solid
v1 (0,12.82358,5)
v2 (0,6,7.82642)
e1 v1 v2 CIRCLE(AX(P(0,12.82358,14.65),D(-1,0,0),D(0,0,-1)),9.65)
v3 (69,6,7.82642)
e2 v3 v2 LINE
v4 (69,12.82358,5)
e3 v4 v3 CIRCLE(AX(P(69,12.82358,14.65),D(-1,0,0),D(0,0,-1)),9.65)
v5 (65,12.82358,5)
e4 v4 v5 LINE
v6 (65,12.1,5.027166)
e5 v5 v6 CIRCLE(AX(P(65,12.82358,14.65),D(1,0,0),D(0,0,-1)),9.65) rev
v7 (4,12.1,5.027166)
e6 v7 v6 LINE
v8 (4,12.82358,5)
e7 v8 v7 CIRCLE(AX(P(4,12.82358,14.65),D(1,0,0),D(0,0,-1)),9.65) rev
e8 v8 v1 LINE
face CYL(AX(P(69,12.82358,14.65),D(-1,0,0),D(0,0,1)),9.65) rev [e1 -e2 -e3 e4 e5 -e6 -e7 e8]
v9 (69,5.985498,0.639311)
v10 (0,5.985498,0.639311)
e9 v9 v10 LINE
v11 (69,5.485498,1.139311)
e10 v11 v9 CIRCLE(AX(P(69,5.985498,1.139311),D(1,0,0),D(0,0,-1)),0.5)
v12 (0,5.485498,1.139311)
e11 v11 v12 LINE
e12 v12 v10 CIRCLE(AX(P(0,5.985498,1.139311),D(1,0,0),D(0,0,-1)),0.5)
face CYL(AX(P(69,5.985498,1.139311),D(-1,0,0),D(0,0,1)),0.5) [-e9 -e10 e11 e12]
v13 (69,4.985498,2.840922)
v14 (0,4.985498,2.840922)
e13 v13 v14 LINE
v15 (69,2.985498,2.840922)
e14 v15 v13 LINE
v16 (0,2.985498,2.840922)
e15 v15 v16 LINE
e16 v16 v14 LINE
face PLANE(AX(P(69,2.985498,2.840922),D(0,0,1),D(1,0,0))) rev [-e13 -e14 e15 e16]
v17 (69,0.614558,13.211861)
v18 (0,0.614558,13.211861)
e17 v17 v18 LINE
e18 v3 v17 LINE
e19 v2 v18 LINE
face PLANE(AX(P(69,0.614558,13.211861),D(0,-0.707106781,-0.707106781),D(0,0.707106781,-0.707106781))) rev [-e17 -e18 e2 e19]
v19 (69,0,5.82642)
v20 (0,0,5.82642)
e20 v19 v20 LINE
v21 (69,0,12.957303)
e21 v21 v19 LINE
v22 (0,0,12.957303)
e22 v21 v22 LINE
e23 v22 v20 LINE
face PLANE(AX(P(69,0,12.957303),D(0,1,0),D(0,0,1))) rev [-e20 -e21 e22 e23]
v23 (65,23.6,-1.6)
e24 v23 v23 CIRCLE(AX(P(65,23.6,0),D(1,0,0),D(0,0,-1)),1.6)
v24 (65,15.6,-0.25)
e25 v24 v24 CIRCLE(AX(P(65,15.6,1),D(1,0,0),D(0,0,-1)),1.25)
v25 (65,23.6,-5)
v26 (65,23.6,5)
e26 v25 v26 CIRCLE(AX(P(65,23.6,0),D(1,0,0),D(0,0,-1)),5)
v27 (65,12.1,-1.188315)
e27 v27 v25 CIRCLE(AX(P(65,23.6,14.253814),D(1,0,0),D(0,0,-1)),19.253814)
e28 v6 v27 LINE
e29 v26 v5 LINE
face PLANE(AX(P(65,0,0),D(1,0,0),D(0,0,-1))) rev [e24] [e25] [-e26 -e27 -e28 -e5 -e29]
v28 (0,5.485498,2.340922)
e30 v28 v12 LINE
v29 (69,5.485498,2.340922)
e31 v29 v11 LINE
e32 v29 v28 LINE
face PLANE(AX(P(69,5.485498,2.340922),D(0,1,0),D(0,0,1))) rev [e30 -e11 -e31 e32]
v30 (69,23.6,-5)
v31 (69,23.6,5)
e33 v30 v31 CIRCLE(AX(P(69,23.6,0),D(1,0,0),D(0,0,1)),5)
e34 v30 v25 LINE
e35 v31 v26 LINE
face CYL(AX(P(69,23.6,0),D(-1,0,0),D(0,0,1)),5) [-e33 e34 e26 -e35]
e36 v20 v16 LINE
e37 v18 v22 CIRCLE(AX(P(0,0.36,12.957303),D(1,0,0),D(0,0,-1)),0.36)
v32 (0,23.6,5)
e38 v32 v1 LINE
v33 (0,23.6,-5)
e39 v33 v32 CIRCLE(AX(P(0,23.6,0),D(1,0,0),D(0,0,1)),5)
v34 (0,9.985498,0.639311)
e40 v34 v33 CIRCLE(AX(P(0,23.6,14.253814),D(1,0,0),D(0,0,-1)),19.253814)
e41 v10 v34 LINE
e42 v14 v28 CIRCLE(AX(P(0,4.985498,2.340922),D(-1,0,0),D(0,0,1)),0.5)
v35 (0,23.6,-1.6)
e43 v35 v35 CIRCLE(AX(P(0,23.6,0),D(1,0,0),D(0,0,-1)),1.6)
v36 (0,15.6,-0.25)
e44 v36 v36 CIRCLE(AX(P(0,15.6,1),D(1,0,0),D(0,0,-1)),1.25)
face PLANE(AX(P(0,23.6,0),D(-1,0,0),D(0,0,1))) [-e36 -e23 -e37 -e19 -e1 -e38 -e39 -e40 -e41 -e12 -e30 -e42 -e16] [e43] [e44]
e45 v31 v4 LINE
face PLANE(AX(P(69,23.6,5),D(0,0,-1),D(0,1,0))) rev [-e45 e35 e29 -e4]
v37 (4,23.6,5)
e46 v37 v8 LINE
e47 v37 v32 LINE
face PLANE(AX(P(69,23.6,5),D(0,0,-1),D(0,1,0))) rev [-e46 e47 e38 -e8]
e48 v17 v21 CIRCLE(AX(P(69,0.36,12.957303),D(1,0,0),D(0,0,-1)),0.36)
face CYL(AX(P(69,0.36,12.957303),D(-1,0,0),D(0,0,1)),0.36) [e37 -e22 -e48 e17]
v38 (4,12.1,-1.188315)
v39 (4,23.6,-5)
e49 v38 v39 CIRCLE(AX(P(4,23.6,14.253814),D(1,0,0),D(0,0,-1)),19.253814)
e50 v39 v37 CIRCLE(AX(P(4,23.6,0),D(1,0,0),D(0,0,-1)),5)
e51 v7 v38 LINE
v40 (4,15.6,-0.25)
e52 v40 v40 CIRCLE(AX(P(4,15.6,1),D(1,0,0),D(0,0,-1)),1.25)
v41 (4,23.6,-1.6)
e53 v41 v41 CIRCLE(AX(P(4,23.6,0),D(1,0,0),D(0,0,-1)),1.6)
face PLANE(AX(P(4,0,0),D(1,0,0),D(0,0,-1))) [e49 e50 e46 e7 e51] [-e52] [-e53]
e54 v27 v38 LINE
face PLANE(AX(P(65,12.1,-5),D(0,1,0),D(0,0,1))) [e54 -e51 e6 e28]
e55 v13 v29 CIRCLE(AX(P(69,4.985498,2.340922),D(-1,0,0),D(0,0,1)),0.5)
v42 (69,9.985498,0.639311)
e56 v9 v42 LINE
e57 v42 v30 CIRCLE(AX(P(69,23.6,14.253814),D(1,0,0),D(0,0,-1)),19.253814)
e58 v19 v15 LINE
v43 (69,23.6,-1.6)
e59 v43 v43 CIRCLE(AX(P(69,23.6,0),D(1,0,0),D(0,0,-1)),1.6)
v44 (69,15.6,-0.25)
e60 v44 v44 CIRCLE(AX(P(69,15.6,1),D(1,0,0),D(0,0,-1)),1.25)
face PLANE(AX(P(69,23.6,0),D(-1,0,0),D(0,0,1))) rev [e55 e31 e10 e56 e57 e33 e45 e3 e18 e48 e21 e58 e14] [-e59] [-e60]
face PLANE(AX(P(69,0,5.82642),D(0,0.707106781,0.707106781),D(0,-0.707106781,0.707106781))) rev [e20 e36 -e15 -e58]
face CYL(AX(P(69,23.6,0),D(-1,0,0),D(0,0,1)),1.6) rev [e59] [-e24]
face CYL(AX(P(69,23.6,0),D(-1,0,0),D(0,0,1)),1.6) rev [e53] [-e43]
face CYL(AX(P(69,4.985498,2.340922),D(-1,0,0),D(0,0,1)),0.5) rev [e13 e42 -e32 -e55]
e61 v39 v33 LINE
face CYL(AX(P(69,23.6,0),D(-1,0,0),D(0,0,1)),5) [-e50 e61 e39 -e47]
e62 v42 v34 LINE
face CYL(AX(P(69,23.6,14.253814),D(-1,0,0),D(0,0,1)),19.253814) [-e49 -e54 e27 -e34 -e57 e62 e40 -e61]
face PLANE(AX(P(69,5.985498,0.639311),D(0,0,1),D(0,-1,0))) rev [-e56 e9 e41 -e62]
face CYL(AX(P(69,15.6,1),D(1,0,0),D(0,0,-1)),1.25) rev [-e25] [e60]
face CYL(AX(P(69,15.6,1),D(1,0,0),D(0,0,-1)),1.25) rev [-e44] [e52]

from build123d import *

# Parameters (mm, degrees)
SKETCH1_R               = 1.6
BOSS_EXTRUDE1_DEPTH     = 69
SKETCH2_W               = 21.169041722
SKETCH2_H               = 16.5
CUT_EXTRUDE1_DEPTH      = 61
TAP_DRILL_FOR_M3_TAP1_D = 2.5


with BuildPart() as part:
    # Sketch1 → Boss-Extrude1 (new body)
    with BuildSketch(Plane(origin=(0, 0, 0), x_dir=(0, 0, -1), z_dir=(1, 0, 0))):
        with BuildLine():
            Line((-5, 23.6), (-5, 12.823580437))
            ThreePointArc((-5, 12.823580437), (-5.734562511, 9.130685315), (-7.826419562, 5.999999999))
            Line((-7.826419562, 5.999999999), (-13.211861119, 0.614558441))
            ThreePointArc((-13.211861119, 0.614558441), (-13.28989931, 0.222233964), (-12.957302678, 0))
            Line((-12.957302678, 0), (-5.826419558, 0))
            Line((-5.826419558, 0), (-2.840921838, 2.98549772))
            Line((-2.840921838, 2.98549772), (-2.840921838, 4.98549772))
            ThreePointArc((-2.840921838, 4.98549772), (-2.694475228, 5.339051111), (-2.340921838, 5.48549772))
            Line((-2.340921838, 5.48549772), (-1.139311489, 5.48549772))
            ThreePointArc((-1.139311489, 5.48549772), (-0.785758099, 5.631944329), (-0.639311489, 5.98549772))
            Line((-0.639311489, 5.98549772), (-0.639311489, 9.98549772))
            ThreePointArc((-0.639311489, 9.98549772), (3.534390695, 16.231884461), (5, 23.6))
            ThreePointArc((5, 23.6), (0, 28.6), (-5, 23.6))
        make_face()
        with Locations((0, 23.6)):
            Circle(SKETCH1_R, mode=Mode.SUBTRACT)
    extrude(amount=BOSS_EXTRUDE1_DEPTH)

    # Sketch2 → Cut-Extrude1 (cut)
    with BuildSketch(Plane(origin=(4, 0, 0), x_dir=(0, 0, -1), z_dir=(1, 0, 0))):
        with Locations((-5.584520861, 20.35)):
            Rectangle(SKETCH2_W, SKETCH2_H)
    extrude(amount=CUT_EXTRUDE1_DEPTH, mode=Mode.SUBTRACT)

    # Tap Drill for M3 Tap1 (through all)
    with Locations(Plane(origin=(69, 0, 0), x_dir=(0, 0, -1), z_dir=(1, 0, 0))):
        with Locations((-1, 15.6)):
            Hole(TAP_DRILL_FOR_M3_TAP1_D / 2)


solid = part.part
